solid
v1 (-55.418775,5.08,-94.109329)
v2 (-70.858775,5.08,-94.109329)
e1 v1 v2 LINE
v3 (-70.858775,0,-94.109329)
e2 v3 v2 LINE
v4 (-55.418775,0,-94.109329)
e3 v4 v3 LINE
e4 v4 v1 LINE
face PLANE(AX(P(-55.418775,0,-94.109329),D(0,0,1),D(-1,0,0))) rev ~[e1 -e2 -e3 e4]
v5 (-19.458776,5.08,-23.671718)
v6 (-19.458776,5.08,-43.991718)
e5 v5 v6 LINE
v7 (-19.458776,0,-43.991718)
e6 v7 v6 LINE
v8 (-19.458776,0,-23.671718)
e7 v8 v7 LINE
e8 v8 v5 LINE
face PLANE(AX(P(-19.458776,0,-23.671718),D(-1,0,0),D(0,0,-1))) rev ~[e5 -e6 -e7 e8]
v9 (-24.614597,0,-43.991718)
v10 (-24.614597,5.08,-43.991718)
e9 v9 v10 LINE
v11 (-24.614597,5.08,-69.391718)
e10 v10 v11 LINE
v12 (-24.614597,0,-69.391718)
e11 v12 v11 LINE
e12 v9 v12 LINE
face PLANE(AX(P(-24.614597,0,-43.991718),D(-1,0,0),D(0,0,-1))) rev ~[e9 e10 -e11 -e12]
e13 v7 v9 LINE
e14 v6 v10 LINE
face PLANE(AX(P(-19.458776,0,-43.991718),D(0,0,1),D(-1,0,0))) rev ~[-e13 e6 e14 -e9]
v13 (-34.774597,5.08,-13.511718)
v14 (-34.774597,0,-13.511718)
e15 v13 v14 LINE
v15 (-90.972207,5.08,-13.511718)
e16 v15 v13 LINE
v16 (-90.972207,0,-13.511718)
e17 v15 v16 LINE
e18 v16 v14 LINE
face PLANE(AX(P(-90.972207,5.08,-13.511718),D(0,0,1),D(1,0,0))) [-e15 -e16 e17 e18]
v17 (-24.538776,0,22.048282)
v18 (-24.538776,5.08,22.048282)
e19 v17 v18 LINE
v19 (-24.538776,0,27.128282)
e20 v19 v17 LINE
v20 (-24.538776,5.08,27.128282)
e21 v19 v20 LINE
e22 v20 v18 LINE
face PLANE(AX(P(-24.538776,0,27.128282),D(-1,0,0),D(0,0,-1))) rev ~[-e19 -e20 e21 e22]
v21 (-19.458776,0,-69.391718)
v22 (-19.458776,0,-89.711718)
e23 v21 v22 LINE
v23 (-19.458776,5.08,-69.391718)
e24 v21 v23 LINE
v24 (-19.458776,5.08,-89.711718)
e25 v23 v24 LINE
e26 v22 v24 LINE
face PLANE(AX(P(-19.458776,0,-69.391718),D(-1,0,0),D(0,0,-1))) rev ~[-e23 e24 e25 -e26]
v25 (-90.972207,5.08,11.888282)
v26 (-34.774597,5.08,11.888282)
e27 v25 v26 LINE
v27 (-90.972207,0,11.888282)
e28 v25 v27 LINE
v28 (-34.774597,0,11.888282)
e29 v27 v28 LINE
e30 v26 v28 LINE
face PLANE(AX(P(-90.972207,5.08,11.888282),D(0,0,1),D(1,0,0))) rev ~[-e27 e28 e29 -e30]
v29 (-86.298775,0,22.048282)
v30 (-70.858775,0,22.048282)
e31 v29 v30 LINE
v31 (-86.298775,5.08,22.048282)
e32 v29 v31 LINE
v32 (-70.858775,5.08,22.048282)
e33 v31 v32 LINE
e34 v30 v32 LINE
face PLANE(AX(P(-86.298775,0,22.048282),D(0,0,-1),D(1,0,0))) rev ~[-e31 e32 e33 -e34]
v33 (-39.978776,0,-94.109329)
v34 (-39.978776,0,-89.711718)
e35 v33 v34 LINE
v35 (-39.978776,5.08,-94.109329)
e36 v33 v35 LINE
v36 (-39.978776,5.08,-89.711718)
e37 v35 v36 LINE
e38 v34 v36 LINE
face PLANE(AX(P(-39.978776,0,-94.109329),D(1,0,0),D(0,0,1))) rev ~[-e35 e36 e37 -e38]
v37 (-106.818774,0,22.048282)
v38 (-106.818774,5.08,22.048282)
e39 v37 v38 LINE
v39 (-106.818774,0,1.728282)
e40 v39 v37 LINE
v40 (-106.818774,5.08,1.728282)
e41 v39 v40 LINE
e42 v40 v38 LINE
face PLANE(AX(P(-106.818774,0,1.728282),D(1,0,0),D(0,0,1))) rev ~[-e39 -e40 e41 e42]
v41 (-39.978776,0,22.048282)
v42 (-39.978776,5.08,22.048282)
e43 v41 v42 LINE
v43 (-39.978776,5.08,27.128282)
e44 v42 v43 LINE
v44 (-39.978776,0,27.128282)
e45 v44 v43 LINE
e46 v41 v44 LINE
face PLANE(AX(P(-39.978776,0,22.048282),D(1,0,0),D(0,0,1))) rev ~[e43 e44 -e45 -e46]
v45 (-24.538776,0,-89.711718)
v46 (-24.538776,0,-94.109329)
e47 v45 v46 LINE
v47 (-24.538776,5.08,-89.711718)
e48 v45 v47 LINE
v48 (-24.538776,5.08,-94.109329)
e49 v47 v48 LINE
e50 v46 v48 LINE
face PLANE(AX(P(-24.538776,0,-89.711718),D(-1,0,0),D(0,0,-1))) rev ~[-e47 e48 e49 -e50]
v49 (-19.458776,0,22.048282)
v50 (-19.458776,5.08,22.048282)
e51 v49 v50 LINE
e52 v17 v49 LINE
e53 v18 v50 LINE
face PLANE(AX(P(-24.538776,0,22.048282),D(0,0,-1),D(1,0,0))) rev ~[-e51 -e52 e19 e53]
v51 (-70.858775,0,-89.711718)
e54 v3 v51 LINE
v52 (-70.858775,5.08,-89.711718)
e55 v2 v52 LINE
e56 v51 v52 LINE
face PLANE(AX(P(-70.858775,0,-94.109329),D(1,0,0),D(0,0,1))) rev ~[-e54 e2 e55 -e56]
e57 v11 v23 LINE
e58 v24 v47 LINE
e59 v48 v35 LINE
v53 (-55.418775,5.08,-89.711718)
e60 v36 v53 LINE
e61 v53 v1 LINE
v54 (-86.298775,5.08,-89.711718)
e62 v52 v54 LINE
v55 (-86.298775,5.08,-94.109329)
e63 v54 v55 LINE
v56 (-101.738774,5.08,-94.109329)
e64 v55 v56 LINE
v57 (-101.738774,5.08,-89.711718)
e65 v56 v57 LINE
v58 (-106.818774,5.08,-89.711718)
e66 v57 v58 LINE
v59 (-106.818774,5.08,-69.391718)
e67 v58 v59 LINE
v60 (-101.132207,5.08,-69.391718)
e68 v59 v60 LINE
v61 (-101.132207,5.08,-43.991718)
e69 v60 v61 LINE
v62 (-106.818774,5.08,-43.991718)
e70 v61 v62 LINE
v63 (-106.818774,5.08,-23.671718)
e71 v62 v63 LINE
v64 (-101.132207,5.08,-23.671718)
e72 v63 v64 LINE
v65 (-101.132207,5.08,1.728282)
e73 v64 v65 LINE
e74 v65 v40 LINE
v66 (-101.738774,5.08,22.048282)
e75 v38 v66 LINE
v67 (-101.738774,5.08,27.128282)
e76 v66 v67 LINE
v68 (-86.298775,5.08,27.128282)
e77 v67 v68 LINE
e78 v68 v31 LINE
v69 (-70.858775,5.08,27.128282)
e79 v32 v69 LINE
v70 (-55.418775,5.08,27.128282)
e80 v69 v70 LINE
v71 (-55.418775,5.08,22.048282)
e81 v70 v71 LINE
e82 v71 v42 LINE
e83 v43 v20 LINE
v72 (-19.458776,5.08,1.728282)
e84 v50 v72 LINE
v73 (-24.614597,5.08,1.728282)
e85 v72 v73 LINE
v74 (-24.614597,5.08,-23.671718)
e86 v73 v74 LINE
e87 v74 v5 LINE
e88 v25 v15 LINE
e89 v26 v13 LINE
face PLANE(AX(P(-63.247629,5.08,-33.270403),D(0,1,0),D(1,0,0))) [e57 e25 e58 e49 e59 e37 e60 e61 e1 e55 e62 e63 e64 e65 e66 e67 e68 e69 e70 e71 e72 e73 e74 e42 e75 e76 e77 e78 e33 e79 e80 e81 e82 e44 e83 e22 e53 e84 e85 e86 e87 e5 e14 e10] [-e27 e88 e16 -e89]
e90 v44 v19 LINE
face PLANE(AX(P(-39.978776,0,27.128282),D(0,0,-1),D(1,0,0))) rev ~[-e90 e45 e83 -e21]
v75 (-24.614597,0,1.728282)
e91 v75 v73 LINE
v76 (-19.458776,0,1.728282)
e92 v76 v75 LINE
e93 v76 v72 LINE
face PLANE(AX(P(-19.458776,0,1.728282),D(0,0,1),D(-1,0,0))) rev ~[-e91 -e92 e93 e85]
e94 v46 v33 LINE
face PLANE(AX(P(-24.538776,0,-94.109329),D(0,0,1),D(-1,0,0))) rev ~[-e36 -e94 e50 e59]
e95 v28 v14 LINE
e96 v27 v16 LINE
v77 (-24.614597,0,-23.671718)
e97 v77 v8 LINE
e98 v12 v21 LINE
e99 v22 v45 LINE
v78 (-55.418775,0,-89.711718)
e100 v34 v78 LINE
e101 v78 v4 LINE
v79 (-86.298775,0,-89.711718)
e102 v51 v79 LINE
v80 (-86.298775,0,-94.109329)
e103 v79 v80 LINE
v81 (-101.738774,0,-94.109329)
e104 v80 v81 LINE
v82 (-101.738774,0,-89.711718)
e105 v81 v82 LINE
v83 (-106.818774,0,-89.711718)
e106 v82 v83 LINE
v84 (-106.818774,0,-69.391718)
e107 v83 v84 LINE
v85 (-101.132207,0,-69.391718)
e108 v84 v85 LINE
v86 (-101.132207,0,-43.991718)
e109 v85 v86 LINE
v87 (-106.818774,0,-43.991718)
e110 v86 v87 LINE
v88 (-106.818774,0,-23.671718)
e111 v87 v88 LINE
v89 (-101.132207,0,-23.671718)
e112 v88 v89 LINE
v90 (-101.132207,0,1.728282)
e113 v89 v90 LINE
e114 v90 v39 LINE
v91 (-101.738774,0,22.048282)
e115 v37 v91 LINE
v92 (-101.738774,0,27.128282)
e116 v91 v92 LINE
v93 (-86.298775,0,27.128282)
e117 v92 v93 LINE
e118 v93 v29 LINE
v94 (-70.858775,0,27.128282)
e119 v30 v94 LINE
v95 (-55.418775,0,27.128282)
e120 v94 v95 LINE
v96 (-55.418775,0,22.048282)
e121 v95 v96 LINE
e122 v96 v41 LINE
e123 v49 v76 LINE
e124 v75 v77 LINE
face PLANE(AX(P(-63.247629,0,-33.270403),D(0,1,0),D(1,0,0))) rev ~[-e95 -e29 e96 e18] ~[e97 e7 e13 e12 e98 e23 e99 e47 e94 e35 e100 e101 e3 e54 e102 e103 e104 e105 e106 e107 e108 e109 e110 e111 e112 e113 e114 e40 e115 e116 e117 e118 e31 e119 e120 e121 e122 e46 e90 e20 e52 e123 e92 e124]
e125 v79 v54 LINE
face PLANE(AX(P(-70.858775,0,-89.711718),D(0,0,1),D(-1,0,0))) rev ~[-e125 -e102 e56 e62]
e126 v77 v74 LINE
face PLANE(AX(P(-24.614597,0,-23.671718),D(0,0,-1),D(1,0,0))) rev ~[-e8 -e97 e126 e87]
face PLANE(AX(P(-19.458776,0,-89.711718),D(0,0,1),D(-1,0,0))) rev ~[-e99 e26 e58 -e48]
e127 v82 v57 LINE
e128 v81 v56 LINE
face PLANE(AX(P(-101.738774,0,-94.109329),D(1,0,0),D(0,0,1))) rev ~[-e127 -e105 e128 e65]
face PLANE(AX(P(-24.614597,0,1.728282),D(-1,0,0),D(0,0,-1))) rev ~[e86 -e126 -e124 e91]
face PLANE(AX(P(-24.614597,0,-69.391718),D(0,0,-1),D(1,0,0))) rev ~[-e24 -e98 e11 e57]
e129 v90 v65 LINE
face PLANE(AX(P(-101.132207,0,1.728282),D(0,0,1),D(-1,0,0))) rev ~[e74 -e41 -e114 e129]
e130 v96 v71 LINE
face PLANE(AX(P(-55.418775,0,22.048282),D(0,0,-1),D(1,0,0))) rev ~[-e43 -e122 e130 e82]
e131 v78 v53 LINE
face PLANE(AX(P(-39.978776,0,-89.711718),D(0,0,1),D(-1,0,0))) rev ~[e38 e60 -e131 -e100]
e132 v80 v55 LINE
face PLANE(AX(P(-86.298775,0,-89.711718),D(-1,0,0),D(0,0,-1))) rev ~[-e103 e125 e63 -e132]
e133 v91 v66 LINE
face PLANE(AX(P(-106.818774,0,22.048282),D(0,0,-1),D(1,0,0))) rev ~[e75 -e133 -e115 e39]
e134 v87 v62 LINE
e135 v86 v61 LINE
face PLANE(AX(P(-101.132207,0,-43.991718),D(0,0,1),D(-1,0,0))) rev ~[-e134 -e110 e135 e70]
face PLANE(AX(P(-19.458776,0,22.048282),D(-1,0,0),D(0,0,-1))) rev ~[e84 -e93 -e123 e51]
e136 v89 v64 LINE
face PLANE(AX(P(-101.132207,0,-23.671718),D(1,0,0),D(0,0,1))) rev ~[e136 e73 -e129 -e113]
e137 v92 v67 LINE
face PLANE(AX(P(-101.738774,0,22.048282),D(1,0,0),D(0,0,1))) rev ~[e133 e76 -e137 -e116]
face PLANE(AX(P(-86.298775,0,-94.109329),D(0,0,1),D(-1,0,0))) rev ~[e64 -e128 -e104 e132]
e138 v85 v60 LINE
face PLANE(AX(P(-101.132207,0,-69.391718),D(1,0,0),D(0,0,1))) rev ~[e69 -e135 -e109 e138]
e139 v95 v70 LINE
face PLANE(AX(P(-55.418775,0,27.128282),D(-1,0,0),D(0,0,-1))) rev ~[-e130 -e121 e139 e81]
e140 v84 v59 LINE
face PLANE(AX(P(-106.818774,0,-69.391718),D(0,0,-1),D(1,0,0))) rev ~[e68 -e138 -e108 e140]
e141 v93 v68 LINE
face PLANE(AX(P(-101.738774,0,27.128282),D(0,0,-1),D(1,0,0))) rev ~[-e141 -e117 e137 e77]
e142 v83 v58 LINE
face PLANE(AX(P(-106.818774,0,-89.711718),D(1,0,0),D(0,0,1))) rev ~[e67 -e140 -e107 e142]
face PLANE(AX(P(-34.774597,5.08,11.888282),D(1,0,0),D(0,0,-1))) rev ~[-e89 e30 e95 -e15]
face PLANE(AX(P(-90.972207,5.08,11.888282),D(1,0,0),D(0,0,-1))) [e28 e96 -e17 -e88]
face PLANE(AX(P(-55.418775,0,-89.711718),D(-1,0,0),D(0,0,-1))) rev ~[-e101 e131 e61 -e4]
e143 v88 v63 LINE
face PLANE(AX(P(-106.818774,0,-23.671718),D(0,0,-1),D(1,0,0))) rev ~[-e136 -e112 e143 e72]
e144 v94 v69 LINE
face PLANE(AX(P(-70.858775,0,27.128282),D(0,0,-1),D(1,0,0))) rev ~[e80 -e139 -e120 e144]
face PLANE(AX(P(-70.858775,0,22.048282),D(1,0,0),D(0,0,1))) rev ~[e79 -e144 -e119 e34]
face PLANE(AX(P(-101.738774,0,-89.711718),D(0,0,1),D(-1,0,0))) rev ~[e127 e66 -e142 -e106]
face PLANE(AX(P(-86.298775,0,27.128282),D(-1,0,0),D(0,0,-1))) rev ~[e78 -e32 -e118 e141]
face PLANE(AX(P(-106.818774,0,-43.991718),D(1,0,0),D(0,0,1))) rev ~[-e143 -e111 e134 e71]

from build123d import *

# Parameters (mm, degrees)
BOSS_EXTRUDE1_DEPTH = 5.08
SKETCH5_W           = 56.19760994
SKETCH5_H           = 25.4
CUT_EXTRUDE1_DEPTH  = 50.8


with BuildPart() as part:
    # Sketch1 → Boss-Extrude1 (new body)
    with BuildSketch(Plane(origin=(0, 0, 0), x_dir=(1, 0, 0), z_dir=(0, 1, 0))):
        Polygon((-101.738774191, -22.048282475), (-101.738774191, -27.128282475), (-86.298774591, -27.128282475), (-86.298774591, -22.048282475), (-70.858774991, -22.048282475), (-70.858774991, -27.128282475), (-55.418775391, -27.128282475), (-55.418775391, -22.048282475), (-39.978775791, -22.048282475), (-39.978775791, -27.128282475), (-24.538776191, -27.128282475), (-24.538776191, -22.048282475), (-19.458776191, -22.048282475), (-19.458776191, -1.728282475), (-24.614597086, -1.728282475), (-24.614597086, 23.671717525), (-19.458776191, 23.671717525), (-19.458776191, 43.991717525), (-24.614597086, 43.991717525), (-24.614597086, 69.391717525), (-19.458776191, 69.391717525), (-19.458776191, 89.711717525), (-24.538776191, 89.711717525), (-24.538776191, 94.109329465), (-39.978775791, 94.109329465), (-39.978775791, 89.711717525), (-55.418775391, 89.711717525), (-55.418775391, 94.109329465), (-70.858774991, 94.109329465), (-70.858774991, 89.711717525), (-86.298774591, 89.711717525), (-86.298774591, 94.109329465), (-101.738774191, 94.109329465), (-101.738774191, 89.711717525), (-106.818774191, 89.711717525), (-106.818774191, 69.391717525), (-101.132207026, 69.391717525), (-101.132207026, 43.991717525), (-106.818774191, 43.991717525), (-106.818774191, 23.671717525), (-101.132207026, 23.671717525), (-101.132207026, -1.728282475), (-106.818774191, -1.728282475), (-106.818774191, -22.048282475), align=None)
    extrude(amount=BOSS_EXTRUDE1_DEPTH)

    # Sketch5 → Cut-Extrude1 (cut)
    with BuildSketch(Plane(origin=(0, 5.08, 0), x_dir=(1, 0, 0), z_dir=(0, 1, 0))):
        with Locations((-62.873402056, 0.811717525)):
            Rectangle(SKETCH5_W, SKETCH5_H)
    extrude(amount=-CUT_EXTRUDE1_DEPTH, mode=Mode.SUBTRACT)


solid = part.part
